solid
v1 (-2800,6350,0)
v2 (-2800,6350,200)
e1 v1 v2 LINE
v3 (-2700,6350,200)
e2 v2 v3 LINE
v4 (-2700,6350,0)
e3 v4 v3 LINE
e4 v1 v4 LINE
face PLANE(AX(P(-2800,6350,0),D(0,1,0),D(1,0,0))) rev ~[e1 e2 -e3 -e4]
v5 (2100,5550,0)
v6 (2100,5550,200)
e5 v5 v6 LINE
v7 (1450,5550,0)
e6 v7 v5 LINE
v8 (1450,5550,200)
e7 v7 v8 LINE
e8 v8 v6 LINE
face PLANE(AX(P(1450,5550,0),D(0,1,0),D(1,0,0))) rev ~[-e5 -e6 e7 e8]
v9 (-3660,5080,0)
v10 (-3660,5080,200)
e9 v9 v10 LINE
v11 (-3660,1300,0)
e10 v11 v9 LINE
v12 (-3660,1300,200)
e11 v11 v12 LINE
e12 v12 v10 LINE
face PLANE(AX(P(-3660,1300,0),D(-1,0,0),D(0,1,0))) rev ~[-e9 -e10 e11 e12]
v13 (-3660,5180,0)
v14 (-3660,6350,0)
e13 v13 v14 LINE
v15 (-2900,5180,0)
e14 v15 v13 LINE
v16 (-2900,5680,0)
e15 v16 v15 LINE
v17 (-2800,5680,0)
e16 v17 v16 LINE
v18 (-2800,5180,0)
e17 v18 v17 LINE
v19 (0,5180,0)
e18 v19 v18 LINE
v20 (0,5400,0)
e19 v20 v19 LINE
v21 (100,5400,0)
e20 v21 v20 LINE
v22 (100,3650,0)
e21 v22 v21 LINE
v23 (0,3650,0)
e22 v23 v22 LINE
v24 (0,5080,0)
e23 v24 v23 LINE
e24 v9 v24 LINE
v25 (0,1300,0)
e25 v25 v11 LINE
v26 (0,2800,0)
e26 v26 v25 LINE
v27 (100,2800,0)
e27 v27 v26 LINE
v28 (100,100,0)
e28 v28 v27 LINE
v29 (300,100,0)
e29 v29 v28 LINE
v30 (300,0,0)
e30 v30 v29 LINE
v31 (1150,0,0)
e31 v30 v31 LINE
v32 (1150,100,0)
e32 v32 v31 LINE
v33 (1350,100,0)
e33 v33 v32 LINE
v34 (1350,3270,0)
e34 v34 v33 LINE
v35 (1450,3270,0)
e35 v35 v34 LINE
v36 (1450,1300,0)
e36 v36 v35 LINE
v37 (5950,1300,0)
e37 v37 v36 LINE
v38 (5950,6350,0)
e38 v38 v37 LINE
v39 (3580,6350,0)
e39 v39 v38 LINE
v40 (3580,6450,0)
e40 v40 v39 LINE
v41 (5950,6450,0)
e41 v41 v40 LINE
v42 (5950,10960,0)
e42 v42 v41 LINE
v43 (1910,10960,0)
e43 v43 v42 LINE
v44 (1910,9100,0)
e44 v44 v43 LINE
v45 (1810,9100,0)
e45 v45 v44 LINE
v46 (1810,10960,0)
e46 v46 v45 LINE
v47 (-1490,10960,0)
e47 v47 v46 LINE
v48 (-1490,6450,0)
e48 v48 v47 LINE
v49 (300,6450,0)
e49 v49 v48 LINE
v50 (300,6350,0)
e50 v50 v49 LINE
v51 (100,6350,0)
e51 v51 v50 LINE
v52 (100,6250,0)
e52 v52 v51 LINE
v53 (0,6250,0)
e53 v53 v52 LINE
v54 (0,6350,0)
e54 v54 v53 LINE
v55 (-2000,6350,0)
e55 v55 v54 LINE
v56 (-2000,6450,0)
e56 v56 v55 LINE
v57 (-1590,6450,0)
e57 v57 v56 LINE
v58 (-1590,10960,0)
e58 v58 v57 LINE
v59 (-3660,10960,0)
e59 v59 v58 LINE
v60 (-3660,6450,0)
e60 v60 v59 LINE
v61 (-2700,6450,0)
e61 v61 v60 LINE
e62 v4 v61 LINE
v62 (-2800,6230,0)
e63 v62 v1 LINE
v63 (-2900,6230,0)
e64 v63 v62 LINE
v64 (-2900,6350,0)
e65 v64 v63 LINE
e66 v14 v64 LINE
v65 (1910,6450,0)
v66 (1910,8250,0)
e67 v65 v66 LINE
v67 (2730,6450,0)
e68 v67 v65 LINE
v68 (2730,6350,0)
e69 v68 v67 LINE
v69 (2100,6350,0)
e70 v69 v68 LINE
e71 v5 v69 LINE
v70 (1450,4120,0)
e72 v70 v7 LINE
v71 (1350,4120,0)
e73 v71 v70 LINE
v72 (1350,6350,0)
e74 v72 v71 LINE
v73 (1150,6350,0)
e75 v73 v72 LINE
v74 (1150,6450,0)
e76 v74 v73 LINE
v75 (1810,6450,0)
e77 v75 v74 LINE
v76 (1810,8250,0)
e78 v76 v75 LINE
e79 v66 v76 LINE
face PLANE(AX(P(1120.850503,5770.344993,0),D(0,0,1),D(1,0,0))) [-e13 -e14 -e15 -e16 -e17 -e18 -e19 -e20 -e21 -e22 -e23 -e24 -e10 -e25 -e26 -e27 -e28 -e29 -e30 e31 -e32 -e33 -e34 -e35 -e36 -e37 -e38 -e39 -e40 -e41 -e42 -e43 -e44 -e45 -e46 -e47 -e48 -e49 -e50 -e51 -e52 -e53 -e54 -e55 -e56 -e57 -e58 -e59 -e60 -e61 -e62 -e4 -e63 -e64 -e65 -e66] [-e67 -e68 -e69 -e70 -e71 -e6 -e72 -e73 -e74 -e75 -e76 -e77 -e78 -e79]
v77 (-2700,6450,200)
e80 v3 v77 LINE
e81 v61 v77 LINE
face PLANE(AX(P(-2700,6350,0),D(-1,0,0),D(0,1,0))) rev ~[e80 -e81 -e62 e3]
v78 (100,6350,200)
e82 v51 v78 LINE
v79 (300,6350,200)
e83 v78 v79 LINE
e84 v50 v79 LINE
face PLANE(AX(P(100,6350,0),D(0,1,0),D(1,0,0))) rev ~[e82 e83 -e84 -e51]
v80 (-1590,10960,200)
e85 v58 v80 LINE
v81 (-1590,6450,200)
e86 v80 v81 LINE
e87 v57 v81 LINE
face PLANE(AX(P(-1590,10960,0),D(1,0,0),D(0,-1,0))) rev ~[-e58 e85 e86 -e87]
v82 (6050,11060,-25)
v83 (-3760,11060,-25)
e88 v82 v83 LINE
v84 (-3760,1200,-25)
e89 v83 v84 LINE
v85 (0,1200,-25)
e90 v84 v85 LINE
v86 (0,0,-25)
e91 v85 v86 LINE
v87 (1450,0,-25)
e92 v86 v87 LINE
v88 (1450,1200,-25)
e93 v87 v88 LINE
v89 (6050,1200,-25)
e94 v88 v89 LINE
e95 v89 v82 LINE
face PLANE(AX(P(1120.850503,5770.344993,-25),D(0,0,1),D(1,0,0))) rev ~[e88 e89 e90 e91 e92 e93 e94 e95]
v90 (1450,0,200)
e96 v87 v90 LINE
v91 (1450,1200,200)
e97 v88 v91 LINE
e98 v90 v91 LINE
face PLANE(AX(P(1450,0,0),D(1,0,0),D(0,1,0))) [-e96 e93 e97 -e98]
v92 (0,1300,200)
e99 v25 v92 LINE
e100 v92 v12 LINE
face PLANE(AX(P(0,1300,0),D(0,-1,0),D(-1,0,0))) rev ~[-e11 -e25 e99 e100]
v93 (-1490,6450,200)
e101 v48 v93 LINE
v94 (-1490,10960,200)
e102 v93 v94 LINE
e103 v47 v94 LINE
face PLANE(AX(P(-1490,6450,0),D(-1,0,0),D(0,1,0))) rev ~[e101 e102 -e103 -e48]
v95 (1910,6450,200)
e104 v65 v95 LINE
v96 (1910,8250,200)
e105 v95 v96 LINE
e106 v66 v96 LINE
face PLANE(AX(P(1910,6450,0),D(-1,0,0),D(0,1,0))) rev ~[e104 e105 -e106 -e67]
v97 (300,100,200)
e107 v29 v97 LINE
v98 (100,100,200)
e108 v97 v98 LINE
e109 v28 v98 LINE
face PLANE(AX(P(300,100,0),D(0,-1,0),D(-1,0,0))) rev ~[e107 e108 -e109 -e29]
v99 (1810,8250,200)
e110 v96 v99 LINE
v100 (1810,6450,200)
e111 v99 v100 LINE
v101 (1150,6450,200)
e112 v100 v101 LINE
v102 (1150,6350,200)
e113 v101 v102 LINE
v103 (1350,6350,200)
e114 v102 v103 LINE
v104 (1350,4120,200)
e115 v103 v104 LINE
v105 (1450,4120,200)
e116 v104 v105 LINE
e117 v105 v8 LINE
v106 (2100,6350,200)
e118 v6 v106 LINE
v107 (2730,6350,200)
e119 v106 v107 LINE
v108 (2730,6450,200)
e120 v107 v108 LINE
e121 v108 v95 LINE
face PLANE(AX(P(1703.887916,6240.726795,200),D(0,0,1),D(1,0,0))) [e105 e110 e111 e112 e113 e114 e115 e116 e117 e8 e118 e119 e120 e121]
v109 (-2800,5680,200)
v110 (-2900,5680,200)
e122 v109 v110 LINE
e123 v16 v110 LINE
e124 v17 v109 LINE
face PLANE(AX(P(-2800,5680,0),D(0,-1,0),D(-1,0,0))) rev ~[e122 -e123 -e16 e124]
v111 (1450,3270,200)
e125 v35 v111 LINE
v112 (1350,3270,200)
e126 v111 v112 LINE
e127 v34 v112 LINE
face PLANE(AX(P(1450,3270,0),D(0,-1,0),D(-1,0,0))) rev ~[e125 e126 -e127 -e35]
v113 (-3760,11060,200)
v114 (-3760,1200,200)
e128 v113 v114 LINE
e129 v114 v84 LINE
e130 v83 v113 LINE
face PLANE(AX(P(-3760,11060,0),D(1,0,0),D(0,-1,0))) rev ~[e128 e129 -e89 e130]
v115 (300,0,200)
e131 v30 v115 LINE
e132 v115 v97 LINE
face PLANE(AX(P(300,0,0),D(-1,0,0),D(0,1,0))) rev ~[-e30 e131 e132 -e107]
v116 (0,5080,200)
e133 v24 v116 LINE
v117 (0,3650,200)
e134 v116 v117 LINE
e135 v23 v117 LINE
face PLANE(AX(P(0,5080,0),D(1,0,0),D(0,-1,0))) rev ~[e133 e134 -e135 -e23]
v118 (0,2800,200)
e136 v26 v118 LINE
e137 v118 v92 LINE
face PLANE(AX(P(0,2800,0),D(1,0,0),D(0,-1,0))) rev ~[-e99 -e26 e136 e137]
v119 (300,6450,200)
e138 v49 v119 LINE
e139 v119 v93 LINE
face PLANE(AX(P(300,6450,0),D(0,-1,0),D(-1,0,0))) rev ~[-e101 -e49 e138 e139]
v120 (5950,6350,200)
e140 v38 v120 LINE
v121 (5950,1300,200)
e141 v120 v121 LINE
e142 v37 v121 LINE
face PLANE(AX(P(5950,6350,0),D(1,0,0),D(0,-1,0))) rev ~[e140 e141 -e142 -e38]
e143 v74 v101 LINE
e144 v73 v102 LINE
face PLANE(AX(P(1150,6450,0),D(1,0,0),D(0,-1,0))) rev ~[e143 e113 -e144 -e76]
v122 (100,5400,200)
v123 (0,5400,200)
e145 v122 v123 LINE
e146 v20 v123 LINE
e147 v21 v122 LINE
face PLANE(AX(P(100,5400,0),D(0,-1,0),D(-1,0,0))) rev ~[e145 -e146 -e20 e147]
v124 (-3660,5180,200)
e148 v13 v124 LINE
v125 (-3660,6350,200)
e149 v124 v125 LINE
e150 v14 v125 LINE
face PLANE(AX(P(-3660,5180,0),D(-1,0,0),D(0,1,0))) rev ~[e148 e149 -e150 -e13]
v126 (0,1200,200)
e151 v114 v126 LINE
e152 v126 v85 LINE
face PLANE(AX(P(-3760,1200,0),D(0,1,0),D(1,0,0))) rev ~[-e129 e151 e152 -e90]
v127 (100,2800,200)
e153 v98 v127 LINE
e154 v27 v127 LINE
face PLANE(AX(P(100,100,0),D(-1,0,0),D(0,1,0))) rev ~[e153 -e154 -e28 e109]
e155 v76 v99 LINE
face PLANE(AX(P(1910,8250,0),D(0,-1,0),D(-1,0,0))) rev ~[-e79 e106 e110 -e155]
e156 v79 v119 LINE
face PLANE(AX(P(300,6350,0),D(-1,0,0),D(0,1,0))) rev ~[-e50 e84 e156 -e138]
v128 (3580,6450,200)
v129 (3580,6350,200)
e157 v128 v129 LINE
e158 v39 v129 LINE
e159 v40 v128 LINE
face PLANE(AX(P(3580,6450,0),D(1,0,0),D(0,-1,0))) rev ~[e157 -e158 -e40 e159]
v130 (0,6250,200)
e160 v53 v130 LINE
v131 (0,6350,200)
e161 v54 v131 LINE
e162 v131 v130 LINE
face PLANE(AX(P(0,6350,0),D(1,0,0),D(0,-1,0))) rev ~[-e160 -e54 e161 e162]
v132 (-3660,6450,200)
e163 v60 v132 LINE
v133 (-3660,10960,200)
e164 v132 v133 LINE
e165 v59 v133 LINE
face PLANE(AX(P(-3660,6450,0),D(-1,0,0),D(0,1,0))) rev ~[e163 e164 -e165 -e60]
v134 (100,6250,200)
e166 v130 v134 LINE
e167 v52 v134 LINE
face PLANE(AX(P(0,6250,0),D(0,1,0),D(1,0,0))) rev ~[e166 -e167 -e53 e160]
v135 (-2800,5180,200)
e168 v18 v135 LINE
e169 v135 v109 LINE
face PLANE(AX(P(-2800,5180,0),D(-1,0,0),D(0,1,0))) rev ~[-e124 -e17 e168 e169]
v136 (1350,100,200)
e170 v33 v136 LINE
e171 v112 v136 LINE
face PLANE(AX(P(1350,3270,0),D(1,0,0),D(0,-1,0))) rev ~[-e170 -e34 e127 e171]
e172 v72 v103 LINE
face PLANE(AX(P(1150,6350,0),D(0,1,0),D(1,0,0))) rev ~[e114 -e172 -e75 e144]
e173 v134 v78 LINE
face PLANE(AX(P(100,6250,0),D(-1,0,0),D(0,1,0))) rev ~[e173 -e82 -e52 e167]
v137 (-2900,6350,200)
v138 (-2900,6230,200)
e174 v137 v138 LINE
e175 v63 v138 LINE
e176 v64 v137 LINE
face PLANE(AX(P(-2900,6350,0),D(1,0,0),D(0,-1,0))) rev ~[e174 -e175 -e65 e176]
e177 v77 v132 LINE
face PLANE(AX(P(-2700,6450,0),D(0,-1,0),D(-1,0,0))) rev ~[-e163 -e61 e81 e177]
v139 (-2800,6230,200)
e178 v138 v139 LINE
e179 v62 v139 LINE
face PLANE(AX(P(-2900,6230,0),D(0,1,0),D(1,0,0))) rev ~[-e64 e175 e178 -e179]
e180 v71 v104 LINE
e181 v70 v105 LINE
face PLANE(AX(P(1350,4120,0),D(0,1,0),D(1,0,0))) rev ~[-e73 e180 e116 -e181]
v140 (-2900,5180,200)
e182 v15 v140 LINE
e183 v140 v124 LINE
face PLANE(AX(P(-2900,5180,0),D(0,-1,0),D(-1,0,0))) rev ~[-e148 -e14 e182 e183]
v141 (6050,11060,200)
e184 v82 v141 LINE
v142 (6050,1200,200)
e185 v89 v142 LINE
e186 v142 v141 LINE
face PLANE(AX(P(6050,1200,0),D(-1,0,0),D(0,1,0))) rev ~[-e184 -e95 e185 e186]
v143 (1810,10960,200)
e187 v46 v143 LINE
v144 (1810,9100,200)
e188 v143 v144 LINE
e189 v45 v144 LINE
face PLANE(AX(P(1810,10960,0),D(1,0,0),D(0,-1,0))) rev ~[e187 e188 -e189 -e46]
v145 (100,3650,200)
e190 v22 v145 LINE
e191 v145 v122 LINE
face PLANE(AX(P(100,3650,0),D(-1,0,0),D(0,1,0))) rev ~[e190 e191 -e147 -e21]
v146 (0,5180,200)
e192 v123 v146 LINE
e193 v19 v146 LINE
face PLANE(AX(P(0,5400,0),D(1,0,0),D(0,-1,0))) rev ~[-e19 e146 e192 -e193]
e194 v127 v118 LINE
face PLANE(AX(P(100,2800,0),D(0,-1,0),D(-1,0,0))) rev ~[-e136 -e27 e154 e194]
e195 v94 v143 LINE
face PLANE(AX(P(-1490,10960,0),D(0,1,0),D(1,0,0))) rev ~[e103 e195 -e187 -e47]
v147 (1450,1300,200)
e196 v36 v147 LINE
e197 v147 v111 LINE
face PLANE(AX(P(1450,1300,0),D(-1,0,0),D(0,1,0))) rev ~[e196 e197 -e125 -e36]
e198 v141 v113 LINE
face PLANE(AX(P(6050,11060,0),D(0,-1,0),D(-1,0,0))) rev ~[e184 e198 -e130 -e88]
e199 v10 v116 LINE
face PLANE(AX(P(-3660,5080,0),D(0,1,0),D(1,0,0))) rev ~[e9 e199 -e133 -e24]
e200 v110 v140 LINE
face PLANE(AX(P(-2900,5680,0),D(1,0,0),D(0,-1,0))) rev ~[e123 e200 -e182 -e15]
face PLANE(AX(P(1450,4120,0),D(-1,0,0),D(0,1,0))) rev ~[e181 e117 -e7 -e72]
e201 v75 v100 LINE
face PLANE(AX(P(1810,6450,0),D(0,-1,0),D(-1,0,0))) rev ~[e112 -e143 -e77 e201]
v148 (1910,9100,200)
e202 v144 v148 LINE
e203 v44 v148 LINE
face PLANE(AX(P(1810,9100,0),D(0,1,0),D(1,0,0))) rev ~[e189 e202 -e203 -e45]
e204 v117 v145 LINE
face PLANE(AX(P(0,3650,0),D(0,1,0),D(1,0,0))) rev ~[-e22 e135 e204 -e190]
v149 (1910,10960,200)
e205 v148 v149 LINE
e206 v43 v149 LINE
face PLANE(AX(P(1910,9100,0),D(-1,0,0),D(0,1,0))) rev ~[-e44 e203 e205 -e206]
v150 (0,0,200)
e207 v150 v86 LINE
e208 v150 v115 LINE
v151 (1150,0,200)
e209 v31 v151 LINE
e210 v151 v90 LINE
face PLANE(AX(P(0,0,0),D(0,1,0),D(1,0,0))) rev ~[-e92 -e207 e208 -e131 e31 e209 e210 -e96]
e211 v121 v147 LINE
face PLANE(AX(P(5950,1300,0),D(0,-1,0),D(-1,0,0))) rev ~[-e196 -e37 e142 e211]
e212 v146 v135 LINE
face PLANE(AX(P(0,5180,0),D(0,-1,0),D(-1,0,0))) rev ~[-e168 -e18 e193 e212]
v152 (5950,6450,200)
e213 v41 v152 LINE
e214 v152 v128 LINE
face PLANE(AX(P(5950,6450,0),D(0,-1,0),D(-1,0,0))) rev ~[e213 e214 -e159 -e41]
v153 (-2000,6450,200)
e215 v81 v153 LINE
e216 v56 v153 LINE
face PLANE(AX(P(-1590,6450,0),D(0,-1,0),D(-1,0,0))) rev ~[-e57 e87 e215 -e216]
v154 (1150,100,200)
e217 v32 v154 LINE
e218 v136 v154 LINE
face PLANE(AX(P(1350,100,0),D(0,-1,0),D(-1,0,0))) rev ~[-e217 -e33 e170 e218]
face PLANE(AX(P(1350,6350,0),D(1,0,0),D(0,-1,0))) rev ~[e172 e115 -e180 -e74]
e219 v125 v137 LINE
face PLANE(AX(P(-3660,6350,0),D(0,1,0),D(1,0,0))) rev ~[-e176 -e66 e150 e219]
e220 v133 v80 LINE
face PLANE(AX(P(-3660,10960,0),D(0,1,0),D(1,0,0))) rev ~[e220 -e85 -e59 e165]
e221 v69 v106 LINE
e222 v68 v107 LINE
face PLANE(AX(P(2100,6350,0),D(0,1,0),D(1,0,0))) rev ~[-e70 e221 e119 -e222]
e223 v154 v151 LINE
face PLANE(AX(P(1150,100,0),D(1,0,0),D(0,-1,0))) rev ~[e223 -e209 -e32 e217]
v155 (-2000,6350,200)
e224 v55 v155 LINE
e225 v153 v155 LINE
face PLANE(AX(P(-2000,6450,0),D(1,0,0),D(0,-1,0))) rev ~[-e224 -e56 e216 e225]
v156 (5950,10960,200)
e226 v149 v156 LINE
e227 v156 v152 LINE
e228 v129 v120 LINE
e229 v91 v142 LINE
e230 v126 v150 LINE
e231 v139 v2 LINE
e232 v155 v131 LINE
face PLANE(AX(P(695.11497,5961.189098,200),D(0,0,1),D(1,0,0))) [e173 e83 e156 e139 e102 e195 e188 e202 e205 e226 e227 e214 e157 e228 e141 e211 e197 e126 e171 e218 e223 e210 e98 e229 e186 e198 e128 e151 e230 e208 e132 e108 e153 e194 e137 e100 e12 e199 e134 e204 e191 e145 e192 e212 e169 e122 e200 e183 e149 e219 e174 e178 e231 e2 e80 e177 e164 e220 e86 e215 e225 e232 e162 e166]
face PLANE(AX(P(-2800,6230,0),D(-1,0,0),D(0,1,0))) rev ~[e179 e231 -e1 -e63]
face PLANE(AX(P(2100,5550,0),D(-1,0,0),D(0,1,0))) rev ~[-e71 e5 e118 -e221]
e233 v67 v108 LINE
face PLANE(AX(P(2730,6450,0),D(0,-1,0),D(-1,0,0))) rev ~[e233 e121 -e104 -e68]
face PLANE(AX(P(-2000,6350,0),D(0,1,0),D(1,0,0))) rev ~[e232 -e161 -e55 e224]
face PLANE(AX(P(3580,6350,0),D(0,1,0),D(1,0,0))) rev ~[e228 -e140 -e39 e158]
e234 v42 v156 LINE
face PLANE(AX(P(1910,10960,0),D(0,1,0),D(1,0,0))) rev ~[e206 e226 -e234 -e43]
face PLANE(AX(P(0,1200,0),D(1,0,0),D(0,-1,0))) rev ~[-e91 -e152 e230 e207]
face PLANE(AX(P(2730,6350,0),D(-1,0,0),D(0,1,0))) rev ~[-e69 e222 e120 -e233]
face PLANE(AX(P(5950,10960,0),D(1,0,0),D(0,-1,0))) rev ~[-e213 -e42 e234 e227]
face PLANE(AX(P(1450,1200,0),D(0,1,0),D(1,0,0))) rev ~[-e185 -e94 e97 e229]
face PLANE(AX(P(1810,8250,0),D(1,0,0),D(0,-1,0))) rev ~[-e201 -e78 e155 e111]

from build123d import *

# Parameters (mm, degrees)
F2_DEPTH = 25
F0_W     = 650
F0_H     = 800
F3_DEPTH = 200


with BuildPart() as f2:
    # F1 (on Top) → F2 (new body)
    with BuildSketch(Plane.XY):
        Polygon((6050, 11060), (-3760, 11060), (-3760, 1200), (0, 1200), (0, 0), (1450, 0), (1450, 1200), (6050, 1200), align=None)
    extrude(amount=-F2_DEPTH)

    # F0 (on Top) → F3 (join)
    with BuildSketch(Plane.XY):
        Polygon((0, 0), (300, 0), (300, 100), (100, 100), (100, 184.210543425), (100, 2800), (0, 2800), (0, 1300), (-3660, 1300), (-3660, 5080), (0, 5080), (0, 3650), (100, 3650), (100, 5400), (0, 5400), (0, 5180), (-2800, 5180), (-2800, 5680), (-2900, 5680), (-2900, 5180), (-3660, 5180), (-3660, 6350), (-2900, 6350), (-2900, 6230), (-2800, 6230), (-2800, 6350), (-2700, 6350), (-2700, 6450), (-3660, 6450), (-3660, 10960), (-1590, 10960), (-1590, 6450), (-2000, 6450), (-2000, 6350), (0, 6350), (0, 6250), (100, 6250), (100, 6350), (300, 6350), (300, 6450), (-1490, 6450), (-1490, 10960), (1810, 10960), (1810, 9100), (1910, 9100), (1910, 10960), (5950, 10960), (5950, 6450), (3580, 6450), (3580, 6350), (5950, 6350), (5950, 1300), (1450, 1300), (1450, 3270), (1350, 3270), (1350, 100), (1150, 100), (1150, 0), (1450, 0), (1450, 1200), (6050, 1200), (6050, 11060), (-3760, 11060), (-3760, 1200), (0, 1200), (0, 184.210543425), align=None)
        Polygon((1150, 6450), (1150, 6350), (1350, 6350), (1350, 4120), (1450, 4120), (1450, 5550), (1450, 6350), (2100, 6350), (2730, 6350), (2730, 6450), (1910, 6450), (1910, 8250), (1810, 8250), (1810, 6450), align=None)
        with Locations((1775, 5950)):
            Rectangle(F0_W, F0_H)
    extrude(amount=F3_DEPTH)


solid = f2.part
